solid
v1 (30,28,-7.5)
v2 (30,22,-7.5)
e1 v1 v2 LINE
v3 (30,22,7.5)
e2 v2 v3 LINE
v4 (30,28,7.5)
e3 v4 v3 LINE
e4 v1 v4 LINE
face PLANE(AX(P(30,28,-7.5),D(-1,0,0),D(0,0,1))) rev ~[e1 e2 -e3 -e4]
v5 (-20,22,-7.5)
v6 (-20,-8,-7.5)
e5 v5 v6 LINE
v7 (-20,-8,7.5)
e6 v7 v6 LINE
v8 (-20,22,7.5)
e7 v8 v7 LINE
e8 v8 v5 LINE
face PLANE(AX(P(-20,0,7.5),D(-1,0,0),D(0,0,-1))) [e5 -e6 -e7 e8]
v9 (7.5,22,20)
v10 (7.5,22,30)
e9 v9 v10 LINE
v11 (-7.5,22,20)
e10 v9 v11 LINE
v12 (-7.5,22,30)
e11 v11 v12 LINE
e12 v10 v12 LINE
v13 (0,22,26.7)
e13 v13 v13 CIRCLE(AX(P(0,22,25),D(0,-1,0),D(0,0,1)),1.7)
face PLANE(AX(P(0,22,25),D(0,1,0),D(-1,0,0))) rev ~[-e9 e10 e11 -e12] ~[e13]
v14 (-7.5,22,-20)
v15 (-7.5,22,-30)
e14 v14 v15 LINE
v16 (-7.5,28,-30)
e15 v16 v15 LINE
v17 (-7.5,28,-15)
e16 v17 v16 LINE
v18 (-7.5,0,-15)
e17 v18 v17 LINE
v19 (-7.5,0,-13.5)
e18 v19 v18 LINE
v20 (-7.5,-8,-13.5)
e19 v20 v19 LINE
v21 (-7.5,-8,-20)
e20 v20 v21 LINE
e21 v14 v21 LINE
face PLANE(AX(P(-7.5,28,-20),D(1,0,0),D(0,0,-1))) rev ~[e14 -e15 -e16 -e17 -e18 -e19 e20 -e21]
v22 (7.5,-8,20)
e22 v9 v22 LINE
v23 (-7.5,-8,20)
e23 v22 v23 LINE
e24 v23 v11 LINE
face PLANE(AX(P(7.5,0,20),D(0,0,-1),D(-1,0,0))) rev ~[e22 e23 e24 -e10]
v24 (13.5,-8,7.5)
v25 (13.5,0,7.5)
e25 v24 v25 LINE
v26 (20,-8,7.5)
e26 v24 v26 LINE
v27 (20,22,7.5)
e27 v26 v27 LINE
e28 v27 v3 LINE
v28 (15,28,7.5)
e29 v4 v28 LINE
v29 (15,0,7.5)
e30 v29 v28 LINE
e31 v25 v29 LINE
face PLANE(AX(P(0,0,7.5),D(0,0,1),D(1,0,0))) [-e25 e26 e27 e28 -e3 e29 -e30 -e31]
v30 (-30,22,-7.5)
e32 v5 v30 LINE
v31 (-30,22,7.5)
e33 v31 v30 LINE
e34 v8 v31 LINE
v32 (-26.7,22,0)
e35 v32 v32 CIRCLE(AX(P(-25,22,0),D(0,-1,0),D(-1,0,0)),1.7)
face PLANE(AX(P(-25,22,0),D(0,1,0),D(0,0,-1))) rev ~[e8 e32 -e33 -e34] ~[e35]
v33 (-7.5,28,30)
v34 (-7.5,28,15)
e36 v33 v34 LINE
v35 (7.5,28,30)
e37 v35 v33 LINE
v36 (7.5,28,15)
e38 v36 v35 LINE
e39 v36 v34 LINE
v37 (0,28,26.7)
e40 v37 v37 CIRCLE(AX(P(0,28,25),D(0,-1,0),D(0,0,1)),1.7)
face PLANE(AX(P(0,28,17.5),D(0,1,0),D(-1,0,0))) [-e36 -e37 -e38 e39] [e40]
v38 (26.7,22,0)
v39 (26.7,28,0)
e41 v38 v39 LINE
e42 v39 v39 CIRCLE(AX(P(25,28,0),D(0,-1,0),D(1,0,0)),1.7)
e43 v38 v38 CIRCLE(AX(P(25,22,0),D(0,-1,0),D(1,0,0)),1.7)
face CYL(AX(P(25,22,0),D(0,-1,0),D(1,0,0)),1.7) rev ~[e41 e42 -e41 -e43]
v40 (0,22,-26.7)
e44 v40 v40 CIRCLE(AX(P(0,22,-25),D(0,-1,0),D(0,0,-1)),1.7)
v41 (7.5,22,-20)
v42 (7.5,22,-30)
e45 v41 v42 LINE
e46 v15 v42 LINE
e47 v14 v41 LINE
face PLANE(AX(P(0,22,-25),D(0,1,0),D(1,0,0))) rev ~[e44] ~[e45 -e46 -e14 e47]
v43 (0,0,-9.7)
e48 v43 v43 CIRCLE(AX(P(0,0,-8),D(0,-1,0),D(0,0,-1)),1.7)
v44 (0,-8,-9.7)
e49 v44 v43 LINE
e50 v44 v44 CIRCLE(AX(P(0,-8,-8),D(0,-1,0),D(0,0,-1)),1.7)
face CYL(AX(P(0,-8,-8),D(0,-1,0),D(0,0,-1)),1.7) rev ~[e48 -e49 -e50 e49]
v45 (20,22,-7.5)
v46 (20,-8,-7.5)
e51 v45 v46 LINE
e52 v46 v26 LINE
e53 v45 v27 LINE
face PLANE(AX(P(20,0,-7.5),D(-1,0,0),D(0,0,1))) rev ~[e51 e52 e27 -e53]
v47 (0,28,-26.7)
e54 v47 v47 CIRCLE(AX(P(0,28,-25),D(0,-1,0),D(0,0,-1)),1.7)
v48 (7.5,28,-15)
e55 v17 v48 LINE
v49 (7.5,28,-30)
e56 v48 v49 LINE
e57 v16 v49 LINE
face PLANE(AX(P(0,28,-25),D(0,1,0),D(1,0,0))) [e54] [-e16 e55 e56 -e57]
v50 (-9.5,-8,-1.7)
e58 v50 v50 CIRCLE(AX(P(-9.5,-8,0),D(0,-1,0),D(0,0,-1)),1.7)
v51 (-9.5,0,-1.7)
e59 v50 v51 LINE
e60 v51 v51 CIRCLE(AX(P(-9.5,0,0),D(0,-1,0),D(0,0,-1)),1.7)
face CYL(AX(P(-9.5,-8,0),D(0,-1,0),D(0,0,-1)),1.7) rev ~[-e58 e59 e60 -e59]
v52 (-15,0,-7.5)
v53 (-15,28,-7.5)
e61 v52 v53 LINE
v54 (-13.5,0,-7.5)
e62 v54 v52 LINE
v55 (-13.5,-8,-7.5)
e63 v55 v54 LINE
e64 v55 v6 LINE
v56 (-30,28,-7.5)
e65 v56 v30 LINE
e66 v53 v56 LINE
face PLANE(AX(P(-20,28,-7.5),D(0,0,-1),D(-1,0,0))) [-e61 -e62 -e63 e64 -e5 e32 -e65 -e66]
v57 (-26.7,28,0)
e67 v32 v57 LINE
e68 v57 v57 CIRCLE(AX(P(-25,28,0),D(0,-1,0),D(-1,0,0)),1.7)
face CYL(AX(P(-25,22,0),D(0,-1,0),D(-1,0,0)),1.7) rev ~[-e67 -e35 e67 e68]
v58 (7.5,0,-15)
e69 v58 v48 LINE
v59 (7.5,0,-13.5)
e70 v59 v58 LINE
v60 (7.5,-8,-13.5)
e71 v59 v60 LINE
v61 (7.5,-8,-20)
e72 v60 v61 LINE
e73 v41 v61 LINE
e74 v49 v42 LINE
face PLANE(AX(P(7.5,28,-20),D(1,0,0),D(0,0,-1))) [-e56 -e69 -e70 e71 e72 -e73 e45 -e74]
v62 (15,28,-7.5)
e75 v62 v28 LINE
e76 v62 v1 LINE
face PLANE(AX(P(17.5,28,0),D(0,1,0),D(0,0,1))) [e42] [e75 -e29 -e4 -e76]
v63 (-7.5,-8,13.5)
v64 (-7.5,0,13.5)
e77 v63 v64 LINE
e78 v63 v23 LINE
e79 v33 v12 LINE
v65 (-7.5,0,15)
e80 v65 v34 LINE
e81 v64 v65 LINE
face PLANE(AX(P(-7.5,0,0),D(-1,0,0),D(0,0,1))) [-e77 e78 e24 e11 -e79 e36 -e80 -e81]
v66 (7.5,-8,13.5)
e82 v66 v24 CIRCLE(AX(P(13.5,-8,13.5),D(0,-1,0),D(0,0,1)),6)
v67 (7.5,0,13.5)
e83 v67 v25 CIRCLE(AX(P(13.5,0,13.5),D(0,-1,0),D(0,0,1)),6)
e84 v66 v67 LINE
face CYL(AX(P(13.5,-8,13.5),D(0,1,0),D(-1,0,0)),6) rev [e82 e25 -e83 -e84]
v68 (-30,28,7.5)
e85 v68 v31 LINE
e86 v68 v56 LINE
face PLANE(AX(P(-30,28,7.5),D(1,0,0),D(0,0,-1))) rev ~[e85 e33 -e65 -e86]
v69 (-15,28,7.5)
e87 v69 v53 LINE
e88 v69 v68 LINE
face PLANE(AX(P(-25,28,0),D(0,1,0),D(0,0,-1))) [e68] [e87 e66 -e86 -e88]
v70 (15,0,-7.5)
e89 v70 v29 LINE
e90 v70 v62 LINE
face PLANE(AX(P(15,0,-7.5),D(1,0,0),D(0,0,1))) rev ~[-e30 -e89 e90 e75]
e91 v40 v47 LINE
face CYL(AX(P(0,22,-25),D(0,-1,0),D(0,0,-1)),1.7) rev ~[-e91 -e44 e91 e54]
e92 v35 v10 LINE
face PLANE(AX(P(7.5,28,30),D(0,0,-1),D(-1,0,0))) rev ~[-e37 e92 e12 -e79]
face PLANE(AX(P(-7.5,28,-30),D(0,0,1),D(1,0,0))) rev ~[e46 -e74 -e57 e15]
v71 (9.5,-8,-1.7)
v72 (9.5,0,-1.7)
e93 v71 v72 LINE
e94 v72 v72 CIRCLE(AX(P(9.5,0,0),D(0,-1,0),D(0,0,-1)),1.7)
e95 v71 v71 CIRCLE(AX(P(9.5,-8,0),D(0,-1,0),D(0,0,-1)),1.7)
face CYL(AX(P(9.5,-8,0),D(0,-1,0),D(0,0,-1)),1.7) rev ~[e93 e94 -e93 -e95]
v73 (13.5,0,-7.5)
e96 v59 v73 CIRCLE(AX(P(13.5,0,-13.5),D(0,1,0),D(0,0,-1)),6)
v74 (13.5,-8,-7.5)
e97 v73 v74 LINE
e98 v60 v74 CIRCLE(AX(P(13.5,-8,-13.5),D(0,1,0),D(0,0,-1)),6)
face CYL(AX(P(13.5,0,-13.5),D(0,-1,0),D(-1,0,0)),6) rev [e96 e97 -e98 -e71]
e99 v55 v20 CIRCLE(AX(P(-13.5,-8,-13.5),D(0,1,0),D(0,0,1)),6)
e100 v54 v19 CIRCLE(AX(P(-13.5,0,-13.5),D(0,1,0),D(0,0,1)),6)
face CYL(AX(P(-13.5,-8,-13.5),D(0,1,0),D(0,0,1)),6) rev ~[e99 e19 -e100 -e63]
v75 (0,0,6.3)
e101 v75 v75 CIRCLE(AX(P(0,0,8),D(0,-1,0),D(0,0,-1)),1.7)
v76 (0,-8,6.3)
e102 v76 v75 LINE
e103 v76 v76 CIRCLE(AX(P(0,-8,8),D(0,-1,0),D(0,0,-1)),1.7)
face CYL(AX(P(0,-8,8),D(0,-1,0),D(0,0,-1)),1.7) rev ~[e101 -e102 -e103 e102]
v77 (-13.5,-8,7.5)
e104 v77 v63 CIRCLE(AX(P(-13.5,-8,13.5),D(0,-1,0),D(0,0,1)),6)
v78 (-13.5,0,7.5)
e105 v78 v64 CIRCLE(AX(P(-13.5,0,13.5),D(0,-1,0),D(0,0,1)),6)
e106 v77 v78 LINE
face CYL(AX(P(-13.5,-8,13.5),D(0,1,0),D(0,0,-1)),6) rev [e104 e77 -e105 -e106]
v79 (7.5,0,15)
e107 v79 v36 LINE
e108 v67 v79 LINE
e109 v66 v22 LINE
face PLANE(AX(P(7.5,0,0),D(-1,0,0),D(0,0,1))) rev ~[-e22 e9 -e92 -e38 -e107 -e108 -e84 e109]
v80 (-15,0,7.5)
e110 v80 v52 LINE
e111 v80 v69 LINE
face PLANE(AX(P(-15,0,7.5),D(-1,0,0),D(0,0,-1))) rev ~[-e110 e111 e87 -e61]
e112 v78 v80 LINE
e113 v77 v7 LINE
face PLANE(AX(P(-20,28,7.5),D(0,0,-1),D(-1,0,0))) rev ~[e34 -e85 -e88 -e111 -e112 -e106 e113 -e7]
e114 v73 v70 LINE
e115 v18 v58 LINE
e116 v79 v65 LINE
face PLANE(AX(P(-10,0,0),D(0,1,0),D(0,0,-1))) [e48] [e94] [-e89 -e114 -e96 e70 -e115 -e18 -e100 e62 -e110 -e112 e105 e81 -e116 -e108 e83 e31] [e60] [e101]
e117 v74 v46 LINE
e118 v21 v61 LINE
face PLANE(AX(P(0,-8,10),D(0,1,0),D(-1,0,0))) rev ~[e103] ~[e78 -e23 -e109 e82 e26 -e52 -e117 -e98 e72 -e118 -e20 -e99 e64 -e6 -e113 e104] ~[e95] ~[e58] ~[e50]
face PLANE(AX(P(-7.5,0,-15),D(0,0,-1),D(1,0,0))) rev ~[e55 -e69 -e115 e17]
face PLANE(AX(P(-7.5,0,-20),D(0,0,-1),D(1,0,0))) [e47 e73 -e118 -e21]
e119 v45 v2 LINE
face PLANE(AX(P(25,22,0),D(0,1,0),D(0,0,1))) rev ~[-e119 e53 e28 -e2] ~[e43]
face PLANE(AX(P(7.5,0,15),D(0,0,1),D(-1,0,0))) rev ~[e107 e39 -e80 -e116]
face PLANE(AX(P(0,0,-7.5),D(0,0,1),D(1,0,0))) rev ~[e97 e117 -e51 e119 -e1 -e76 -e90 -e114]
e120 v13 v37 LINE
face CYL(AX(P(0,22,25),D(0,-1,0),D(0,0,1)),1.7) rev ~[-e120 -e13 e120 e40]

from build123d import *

# Parameters (mm, degrees)
SKETCH2_W           = 15
SKETCH2_H           = 20
BOSS_EXTRUDE1_DEPTH = 8
SKETCH3_W           = 15
SKETCH3_H           = 5
BOSS_EXTRUDE4_DEPTH = 28
SKETCH6_W           = 15
SKETCH6_H           = 10
BOSS_EXTRUDE5_DEPTH = 6
SKETCH8_R           = 1.7
CUT_EXTRUDE1_DEPTH  = 44.084219849
CIRPATTERN1_COUNT   = 4
FILLET1_R           = 6
SKETCH9_R           = 1.7
CUT_EXTRUDE2_DEPTH  = 56.641710973


with BuildPart() as part:
    # Sketch2 → Boss-Extrude1 (new body)
    with BuildSketch(Plane(origin=(0, 0, 0), x_dir=(1, 0, 0), z_dir=(0, 1, 0))):
        with Locations((0, 10)):
            Rectangle(SKETCH2_W, SKETCH2_H)
    boss_extrude1 = extrude(amount=-BOSS_EXTRUDE1_DEPTH)

    # Sketch3 → Boss-Extrude4 (add)
    with BuildSketch(Plane(origin=(0, 0, 0), x_dir=(1, 0, 0), z_dir=(0, 1, 0))):
        with Locations((0, 17.5)):
            Rectangle(SKETCH3_W, SKETCH3_H)
    boss_extrude4 = extrude(amount=BOSS_EXTRUDE4_DEPTH)

    # Sketch6 → Boss-Extrude5 (add)
    with BuildSketch(Plane(origin=(0, 28, 0), x_dir=(1, 0, 0), z_dir=(0, 1, 0))):
        with Locations((0, 25)):
            Rectangle(SKETCH6_W, SKETCH6_H)
    boss_extrude5 = extrude(amount=-BOSS_EXTRUDE5_DEPTH)

    # Sketch8 → Cut-Extrude1 (cut, through all)
    with BuildSketch(Plane.XZ.offset(-22)):
        with Locations((0, -25)):
            Circle(SKETCH8_R)
    cut_extrude1 = extrude(amount=-CUT_EXTRUDE1_DEPTH, mode=Mode.SUBTRACT)

    # CirPattern1: Boss-Extrude1, Boss-Extrude4, Boss-Extrude5, Cut-Extrude1 ×4 about axis
    cirpattern1_axis = Axis((0, -8.4, 0), (0, 1, 0))
    add([boss_extrude1.rotate(cirpattern1_axis, i * 360 / CIRPATTERN1_COUNT) for i in range(1, CIRPATTERN1_COUNT)])
    add([boss_extrude4.rotate(cirpattern1_axis, i * 360 / CIRPATTERN1_COUNT) for i in range(1, CIRPATTERN1_COUNT)])
    add([boss_extrude5.rotate(cirpattern1_axis, i * 360 / CIRPATTERN1_COUNT) for i in range(1, CIRPATTERN1_COUNT)])
    add([cut_extrude1.rotate(cirpattern1_axis, i * 360 / CIRPATTERN1_COUNT) for i in range(1, CIRPATTERN1_COUNT)], mode=Mode.SUBTRACT)

    # Fillet1
    fillet1_edges = [part.edges().sort_by_distance(p)[0] for p in [
        (7.5, -4, -7.5),
        (7.5, -4, 7.5),
        (-7.5, -4, 7.5),
        (-7.5, -4, -7.5),
    ]]
    fillet(fillet1_edges, radius=FILLET1_R)

    # Sketch9 → Cut-Extrude2 (cut, through all)
    with BuildSketch(Plane.XZ.offset(8)):
        with Locations((0, 8)):
            Circle(SKETCH9_R)
        with Locations((9.5, 0)):
            Circle(SKETCH9_R)
        with Locations((0, -8)):
            Circle(SKETCH9_R)
        with Locations((-9.5, 0)):
            Circle(SKETCH9_R)
    extrude(amount=-CUT_EXTRUDE2_DEPTH, mode=Mode.SUBTRACT)


solid = part.part
